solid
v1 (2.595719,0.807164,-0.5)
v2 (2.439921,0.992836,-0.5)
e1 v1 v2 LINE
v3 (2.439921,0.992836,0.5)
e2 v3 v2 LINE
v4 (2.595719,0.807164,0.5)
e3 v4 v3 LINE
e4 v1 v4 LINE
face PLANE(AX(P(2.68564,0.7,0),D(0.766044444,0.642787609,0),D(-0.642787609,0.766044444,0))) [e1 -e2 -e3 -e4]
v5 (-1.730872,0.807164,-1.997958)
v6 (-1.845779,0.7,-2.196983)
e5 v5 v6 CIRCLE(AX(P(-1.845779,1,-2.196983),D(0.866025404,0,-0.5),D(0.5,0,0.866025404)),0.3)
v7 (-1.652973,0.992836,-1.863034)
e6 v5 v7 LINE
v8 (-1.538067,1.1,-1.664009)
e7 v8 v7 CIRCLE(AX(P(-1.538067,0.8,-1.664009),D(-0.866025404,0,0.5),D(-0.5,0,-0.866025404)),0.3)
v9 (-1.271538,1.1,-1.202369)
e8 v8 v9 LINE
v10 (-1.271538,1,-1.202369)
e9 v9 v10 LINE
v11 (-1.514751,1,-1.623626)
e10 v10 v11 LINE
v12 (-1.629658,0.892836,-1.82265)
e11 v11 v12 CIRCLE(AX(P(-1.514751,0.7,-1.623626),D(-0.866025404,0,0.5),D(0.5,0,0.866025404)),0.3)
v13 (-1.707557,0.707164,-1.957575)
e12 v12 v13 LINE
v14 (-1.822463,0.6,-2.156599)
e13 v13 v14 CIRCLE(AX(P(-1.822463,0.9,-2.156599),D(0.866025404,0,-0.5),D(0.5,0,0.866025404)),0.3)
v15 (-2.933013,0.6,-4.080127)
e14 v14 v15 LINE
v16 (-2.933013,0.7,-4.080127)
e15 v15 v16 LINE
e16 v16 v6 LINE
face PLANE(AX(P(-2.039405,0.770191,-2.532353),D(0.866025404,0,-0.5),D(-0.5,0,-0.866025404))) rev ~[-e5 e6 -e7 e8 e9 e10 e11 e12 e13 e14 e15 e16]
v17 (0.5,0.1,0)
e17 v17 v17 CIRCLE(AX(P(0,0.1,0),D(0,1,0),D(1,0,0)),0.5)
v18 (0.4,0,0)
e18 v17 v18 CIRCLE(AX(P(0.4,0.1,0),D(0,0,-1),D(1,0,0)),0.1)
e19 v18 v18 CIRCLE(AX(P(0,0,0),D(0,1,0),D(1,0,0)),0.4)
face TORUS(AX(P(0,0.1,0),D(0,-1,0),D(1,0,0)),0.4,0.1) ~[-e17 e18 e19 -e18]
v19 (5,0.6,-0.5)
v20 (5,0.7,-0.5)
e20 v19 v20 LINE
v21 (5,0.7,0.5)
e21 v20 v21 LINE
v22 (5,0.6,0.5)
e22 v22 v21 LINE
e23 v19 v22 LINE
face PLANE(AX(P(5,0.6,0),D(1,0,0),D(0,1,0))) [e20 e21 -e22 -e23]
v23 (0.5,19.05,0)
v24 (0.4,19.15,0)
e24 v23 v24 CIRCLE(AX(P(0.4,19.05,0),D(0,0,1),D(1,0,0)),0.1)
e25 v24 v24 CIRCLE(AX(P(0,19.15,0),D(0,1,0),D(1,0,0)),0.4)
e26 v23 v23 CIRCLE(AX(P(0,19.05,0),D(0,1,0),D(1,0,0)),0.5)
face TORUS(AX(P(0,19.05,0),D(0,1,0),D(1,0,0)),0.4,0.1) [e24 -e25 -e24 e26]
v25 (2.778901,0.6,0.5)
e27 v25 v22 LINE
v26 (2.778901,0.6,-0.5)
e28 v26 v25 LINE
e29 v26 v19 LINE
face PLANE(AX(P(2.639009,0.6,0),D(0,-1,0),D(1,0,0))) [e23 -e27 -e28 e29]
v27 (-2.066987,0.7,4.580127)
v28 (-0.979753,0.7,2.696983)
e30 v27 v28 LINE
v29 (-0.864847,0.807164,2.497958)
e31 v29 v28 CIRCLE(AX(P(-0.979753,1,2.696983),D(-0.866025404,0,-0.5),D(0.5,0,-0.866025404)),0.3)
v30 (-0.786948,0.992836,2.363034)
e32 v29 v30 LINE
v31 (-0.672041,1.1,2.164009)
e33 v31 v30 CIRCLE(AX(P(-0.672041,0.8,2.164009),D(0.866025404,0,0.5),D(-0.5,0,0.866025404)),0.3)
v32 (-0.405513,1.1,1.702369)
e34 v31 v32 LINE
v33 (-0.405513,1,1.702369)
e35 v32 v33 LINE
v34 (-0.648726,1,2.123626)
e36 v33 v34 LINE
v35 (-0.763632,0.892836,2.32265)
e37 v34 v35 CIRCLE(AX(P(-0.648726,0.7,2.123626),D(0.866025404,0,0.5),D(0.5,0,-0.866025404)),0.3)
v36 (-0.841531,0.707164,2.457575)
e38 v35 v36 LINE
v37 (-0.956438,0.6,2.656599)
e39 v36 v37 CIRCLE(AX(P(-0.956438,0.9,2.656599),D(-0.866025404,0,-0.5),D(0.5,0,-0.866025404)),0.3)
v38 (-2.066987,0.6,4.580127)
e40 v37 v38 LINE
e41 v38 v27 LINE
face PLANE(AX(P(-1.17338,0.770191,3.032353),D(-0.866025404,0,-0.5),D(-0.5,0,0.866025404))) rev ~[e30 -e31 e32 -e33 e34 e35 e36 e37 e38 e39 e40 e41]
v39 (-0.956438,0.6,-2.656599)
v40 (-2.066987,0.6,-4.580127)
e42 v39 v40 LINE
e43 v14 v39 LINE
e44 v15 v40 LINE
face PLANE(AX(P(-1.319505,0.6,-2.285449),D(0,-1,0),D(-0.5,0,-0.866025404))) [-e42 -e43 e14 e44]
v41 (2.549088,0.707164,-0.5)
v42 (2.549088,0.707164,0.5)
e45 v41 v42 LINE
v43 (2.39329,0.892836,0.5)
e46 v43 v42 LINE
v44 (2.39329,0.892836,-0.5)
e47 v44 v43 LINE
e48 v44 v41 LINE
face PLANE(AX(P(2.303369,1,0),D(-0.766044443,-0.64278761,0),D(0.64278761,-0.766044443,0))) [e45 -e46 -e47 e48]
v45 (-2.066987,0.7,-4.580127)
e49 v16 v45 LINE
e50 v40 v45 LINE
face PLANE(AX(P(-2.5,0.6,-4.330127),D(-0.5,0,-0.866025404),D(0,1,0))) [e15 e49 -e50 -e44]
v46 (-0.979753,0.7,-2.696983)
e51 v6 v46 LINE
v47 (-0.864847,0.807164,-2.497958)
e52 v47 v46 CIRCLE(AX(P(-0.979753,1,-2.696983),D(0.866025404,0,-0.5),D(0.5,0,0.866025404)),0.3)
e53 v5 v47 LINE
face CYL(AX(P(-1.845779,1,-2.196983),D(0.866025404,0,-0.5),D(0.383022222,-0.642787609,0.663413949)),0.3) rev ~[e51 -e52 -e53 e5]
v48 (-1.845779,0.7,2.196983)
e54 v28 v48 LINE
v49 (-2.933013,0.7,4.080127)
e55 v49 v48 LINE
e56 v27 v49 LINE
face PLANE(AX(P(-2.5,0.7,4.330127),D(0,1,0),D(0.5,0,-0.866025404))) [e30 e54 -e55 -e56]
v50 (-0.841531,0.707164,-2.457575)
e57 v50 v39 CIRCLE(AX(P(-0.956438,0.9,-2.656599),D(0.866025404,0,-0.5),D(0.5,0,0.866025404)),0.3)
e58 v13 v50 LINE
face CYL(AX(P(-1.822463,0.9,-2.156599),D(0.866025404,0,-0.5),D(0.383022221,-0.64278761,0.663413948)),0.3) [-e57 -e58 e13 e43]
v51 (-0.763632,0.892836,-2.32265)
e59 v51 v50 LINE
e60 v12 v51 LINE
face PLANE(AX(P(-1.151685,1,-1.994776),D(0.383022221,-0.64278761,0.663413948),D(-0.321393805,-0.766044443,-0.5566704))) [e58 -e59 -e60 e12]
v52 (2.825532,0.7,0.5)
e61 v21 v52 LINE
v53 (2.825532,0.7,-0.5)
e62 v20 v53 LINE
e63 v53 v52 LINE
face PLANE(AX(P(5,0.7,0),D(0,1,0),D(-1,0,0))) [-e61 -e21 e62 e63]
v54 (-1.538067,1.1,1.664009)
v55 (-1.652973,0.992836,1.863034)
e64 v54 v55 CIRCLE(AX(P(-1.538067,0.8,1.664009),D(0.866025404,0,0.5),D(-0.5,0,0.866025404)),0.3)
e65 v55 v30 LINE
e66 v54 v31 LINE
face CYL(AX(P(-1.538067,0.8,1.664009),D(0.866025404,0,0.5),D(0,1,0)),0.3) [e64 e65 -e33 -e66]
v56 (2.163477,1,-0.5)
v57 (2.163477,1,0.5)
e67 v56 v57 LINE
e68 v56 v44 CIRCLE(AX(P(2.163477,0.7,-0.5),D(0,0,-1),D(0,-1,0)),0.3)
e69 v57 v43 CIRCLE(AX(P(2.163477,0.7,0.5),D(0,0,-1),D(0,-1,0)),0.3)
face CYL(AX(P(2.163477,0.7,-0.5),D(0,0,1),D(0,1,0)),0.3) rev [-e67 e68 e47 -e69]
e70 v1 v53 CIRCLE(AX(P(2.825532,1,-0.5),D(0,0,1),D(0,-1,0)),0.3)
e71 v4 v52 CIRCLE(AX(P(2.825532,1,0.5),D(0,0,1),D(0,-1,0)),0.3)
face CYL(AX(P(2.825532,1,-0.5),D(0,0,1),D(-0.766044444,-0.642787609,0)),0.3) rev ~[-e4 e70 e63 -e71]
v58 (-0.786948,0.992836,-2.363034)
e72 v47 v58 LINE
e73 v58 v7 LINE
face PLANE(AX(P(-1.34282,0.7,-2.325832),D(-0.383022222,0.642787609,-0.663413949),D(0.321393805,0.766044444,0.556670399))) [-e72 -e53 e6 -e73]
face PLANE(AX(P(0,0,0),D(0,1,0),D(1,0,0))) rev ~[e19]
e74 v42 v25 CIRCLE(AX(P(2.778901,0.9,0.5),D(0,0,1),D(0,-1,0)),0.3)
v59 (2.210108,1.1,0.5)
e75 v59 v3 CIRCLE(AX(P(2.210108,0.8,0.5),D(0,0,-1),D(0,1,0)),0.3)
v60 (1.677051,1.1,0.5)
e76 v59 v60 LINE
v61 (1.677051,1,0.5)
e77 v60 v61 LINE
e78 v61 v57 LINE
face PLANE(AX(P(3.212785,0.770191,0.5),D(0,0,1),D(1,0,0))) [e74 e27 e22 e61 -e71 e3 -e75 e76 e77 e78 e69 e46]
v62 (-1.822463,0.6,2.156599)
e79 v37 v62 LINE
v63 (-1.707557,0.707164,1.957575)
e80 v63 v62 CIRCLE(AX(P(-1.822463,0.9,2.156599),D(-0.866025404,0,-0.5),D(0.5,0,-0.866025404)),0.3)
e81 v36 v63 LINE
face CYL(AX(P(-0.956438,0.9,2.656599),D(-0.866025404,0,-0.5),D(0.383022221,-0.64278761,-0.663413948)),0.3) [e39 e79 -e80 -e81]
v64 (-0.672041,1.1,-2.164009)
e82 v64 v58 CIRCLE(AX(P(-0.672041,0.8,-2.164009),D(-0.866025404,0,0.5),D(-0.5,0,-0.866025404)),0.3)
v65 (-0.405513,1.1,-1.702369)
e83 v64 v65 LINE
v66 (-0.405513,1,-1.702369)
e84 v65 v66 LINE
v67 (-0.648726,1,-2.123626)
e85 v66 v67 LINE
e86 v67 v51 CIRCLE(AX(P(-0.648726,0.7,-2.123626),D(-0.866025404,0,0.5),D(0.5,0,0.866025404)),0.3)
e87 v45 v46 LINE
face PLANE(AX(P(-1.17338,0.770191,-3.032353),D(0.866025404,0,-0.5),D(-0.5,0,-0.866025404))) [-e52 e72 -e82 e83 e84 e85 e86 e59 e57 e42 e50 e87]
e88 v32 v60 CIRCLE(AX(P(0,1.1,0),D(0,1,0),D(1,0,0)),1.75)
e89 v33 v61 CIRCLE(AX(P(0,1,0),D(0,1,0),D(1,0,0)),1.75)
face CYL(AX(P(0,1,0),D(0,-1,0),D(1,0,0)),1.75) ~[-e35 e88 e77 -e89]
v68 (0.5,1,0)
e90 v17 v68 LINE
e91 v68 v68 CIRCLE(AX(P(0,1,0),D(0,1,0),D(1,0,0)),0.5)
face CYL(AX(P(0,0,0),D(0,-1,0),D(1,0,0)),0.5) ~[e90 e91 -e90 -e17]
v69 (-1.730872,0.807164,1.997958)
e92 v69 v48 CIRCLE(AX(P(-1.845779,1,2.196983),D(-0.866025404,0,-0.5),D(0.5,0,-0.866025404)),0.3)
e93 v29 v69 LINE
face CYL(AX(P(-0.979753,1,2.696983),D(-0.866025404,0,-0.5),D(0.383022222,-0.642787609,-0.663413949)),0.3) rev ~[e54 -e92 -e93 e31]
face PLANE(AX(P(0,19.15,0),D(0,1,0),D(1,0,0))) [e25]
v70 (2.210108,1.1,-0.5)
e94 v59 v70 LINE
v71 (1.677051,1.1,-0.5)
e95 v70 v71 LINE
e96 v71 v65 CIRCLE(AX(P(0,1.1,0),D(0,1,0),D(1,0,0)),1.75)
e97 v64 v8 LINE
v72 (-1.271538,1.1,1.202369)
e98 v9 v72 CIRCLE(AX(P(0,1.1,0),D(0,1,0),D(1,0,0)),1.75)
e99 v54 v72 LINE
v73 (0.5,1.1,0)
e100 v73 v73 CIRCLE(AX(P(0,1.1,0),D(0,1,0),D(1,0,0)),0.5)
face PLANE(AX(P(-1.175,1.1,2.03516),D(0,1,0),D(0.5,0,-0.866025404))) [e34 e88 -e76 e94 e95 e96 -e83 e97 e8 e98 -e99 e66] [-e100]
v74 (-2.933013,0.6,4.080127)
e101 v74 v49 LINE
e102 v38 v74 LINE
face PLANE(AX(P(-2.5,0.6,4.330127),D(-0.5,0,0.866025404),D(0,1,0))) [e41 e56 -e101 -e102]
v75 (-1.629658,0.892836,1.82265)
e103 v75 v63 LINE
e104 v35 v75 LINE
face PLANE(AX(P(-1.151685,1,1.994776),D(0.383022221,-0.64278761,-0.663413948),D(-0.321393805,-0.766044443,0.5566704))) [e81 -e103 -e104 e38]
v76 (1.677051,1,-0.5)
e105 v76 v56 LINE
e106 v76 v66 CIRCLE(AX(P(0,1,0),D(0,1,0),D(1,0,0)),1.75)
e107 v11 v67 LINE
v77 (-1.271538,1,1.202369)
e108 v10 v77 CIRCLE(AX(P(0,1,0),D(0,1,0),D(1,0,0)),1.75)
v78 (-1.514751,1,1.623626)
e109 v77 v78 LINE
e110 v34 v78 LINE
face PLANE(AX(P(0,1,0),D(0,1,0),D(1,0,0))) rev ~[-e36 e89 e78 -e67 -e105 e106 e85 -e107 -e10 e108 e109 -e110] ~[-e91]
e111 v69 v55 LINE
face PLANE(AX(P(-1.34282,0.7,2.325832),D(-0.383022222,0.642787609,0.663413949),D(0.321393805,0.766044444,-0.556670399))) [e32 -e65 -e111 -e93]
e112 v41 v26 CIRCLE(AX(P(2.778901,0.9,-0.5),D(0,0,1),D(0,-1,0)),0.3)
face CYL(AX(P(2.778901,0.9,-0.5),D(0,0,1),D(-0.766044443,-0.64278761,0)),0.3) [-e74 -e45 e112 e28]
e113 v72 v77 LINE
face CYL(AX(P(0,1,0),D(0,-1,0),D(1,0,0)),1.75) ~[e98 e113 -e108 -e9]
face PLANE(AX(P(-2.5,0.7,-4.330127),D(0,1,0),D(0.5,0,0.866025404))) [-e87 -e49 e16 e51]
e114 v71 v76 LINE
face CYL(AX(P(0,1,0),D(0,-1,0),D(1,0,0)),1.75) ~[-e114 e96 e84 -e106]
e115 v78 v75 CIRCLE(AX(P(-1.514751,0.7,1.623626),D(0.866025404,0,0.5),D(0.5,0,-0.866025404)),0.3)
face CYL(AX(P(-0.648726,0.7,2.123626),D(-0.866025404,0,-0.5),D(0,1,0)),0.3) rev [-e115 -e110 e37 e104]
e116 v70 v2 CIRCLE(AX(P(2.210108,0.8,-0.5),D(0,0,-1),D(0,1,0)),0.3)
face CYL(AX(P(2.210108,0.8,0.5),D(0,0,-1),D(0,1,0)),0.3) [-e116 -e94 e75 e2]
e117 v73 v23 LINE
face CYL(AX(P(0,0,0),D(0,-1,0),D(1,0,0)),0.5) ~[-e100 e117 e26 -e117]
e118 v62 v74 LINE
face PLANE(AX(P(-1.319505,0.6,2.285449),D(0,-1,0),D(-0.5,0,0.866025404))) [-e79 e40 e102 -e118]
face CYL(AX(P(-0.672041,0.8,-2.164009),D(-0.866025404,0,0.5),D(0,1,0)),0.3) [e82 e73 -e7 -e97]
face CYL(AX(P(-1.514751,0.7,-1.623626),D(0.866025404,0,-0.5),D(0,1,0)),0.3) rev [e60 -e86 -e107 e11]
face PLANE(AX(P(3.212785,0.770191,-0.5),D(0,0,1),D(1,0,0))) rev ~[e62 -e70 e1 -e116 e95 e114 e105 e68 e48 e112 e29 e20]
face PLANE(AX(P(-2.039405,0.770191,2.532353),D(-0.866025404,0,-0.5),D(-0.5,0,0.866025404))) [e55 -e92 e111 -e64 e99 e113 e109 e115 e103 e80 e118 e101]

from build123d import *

# Parameters (mm, degrees)
SKETCH_1_R               = 0.5
EXTRUDE_1_DEPTH          = 19.15
SKETCH_2_R               = 1.75
SKETCH_2_R_2             = 0.5
EXTRUDE_2_DEPTH          = 0.1
EXTRUDE_3_DEPTH          = 0.5
PATTERN_CIRCULAR_1_COUNT = 3
FILLET_2_R               = 0.3
FILLET_3_R               = 0.1


with BuildPart() as part:
    # Эскиз1 → Бобышка-Вытянуть1 (new body)
    with BuildSketch(Plane(origin=(0, 0, 0), x_dir=(1, 0, 0), z_dir=(0, 1, 0))):
        Circle(SKETCH_1_R)
    extrude(amount=EXTRUDE_1_DEPTH)

    # Эскиз2 → Бобышка-Вытянуть2 (add)
    with BuildSketch(Plane(origin=(0, 1, 0), x_dir=(1, 0, 0), z_dir=(0, 1, 0))):
        Circle(SKETCH_2_R)
        Circle(SKETCH_2_R_2, mode=Mode.SUBTRACT)
    extrude(amount=EXTRUDE_2_DEPTH)

    # Эскиз3 → Бобышка-Вытянуть3 (add, symmetric)
    with BuildSketch(Plane.XY):
        Polygon((1.5, 1), (2.303369234, 1), (2.639009087, 0.6), (5, 0.6), (5, 0.7), (2.685639852, 0.7), (2.35, 1.1), (1.5, 1.1), align=None)
    extrude_3 = extrude(amount=EXTRUDE_3_DEPTH, both=True)

    # Круговой массив1: Бобышка-Вытянуть3 ×3 about axis
    pattern_circular_1_axis = Axis((0, 0, 0), (0, 1, 0))
    for i in range(1, PATTERN_CIRCULAR_1_COUNT):
        add(extrude_3.rotate(pattern_circular_1_axis, i * 360 / PATTERN_CIRCULAR_1_COUNT))

    # Скругление2
    fillet_2_edges = [part.edges().sort_by_distance(p)[0] for p in [
        (2.303369234, 1, 0),
        (2.639009087, 0.6, 0),
        (2.685639852, 0.7, 0),
        (2.35, 1.1, 0),
        (-1.151684617, 1, -1.994776271),
        (-1.319504543, 0.6, -2.28544891),
        (-1.342819926, 0.7, -2.325832338),
        (-1.175, 1.1, -2.035159699),
        (-1.151684617, 1, 1.994776271),
        (-1.319504543, 0.6, 2.28544891),
        (-1.342819926, 0.7, 2.325832338),
        (-1.175, 1.1, 2.035159699),
    ]]
    fillet(fillet_2_edges, radius=FILLET_2_R)

    # Скругление3
    fillet_3_edges = [part.edges().sort_by_distance(p)[0] for p in [
        (-0.5, 0, 0),
        (-0.5, 19.15, 0),
    ]]
    fillet(fillet_3_edges, radius=FILLET_3_R)


solid = part.part
